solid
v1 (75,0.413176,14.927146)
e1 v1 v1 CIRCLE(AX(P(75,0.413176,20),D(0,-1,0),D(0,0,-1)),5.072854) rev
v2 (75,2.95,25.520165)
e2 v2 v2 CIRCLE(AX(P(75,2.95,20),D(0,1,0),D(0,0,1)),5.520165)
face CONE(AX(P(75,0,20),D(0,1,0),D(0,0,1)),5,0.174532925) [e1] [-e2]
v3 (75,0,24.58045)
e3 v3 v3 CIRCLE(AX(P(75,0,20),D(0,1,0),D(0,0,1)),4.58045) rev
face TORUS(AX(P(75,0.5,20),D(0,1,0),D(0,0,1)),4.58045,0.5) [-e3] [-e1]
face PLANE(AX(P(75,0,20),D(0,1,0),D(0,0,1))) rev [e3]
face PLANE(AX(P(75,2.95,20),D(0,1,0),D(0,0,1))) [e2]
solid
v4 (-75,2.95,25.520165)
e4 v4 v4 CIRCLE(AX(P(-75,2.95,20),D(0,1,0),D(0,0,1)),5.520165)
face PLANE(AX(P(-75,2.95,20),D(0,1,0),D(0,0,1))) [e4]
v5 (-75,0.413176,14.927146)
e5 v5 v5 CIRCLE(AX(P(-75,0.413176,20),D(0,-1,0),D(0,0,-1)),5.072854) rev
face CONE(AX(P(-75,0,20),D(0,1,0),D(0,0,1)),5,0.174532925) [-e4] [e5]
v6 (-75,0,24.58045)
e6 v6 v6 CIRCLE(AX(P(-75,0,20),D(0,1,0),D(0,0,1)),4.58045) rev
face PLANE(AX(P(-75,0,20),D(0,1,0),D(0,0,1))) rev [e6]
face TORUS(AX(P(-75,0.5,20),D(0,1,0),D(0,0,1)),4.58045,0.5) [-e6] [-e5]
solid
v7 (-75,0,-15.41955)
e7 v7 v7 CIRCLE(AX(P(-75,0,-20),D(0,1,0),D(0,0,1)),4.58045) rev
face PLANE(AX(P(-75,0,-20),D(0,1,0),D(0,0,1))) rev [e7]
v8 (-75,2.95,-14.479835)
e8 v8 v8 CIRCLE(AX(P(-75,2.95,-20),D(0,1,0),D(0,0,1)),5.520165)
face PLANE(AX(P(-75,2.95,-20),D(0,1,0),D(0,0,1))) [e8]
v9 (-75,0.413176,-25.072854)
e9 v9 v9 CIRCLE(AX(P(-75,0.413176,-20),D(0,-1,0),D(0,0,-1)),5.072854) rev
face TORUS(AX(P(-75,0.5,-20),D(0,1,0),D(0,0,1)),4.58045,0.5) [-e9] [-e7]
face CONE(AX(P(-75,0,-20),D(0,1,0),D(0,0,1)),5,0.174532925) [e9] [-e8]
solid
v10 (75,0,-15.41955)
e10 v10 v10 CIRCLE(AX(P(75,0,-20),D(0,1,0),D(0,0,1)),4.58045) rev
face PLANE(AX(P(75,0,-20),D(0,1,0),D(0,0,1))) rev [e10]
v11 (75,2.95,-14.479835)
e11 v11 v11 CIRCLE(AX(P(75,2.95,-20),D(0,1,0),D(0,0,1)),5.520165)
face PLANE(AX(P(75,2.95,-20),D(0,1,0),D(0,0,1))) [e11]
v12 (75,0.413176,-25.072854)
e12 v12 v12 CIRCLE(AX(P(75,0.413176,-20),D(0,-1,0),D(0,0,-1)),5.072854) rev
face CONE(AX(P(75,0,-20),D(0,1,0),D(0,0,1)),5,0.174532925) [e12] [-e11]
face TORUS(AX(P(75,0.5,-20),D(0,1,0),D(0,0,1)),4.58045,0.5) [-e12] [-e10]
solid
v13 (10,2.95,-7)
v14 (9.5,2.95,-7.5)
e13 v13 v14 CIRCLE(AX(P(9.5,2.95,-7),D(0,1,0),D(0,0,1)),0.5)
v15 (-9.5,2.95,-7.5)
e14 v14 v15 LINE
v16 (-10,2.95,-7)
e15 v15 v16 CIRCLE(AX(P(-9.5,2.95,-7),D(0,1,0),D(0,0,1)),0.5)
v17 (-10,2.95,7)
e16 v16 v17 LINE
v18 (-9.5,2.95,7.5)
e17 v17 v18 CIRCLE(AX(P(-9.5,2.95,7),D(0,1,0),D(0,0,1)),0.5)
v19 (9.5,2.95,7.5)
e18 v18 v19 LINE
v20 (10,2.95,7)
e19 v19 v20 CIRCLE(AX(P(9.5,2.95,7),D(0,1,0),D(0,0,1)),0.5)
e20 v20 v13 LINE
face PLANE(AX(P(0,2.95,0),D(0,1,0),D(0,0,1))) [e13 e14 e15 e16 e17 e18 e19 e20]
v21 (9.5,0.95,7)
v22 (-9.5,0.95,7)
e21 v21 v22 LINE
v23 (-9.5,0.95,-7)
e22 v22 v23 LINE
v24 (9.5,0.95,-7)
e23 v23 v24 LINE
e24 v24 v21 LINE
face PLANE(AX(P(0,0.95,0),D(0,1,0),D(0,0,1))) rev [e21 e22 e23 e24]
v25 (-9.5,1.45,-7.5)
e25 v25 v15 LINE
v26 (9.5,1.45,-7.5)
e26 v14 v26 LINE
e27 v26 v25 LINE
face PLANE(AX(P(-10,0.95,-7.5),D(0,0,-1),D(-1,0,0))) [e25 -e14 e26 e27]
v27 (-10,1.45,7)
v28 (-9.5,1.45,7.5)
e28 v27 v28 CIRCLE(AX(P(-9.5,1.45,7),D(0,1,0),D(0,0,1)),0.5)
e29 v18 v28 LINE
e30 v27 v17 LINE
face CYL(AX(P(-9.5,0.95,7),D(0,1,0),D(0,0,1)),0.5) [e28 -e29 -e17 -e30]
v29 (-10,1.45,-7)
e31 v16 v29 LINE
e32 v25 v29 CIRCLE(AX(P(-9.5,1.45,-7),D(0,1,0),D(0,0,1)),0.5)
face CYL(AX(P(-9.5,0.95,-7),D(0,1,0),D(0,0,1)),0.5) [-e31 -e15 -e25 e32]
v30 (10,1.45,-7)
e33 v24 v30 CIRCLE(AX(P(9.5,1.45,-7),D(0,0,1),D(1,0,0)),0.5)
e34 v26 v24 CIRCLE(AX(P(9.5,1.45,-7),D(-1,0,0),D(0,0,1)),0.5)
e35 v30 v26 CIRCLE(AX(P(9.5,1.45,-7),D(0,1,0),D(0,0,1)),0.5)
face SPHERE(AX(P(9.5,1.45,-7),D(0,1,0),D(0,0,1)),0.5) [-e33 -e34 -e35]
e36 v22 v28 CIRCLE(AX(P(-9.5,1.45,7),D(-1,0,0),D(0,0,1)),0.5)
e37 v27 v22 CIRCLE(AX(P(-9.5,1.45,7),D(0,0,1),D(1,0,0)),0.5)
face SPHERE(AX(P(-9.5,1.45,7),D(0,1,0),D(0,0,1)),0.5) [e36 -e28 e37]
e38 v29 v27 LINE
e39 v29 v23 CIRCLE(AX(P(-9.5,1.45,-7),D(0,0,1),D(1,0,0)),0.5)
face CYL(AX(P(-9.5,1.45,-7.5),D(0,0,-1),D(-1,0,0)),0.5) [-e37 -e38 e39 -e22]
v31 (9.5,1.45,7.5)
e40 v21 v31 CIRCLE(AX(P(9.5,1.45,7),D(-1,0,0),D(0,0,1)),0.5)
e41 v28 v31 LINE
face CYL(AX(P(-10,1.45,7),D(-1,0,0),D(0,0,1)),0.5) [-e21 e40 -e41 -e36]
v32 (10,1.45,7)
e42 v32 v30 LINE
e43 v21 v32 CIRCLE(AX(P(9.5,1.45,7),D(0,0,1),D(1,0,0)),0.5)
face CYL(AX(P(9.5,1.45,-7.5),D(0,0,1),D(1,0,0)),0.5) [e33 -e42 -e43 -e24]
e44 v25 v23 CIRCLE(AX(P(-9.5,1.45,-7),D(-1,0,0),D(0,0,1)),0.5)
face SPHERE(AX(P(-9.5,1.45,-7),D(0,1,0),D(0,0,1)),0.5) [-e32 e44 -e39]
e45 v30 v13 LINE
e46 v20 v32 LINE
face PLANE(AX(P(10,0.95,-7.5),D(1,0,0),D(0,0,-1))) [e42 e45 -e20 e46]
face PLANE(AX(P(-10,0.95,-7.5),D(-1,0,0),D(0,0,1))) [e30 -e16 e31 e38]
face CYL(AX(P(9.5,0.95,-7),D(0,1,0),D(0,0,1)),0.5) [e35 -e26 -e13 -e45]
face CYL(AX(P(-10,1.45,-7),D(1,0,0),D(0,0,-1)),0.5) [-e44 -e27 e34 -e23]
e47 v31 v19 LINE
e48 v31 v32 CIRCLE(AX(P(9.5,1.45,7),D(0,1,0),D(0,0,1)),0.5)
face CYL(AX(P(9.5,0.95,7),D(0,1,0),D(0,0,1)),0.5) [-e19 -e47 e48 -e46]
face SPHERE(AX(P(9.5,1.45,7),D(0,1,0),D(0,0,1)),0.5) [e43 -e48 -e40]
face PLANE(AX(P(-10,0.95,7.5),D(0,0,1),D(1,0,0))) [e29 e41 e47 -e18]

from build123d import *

# Parameters (mm, degrees)
SKETCH1_R             = 5
BOSS_EXTRUDE1_DEPTH   = 2.95
BOSS_EXTRUDE1_TAPER   = -10
BOSS_EXTRUDE1_2_DEPTH = 2.95
BOSS_EXTRUDE1_2_TAPER = -10
BOSS_EXTRUDE1_3_DEPTH = 2.95
BOSS_EXTRUDE1_3_TAPER = -10
BOSS_EXTRUDE1_4_DEPTH = 2.95
BOSS_EXTRUDE1_4_TAPER = -10
FILLET1_R             = 0.5
FILLET2_R             = 0.5
FILLET3_R             = 0.5
FILLET4_R             = 0.5
SKETCH2_W             = 20
SKETCH2_H             = 15
BOSS_EXTRUDE2_DEPTH   = 2
FILLET5_R             = 0.5
FILLET6_R             = 0.5


with BuildPart() as part:
    # Sketch1 → Boss-Extrude1 (new body)
    with BuildSketch(Plane(origin=(0, 0, 0), x_dir=(1, 0, 0), z_dir=(0, 1, 0))):
        with Locations((-75, 20)):
            Circle(SKETCH1_R)
    extrude(amount=BOSS_EXTRUDE1_DEPTH, taper=BOSS_EXTRUDE1_TAPER)

    # Fillet1
    fillet1_edges = [part.edges().sort_by_distance(p)[0] for p in [
        (-80, 0, -20),
    ]]
    fillet(fillet1_edges, radius=FILLET1_R)


with BuildPart() as body_2:
    # Sketch1 → Boss-Extrude1 2 (new body)
    with BuildSketch(Plane(origin=(0, 0, 0), x_dir=(1, 0, 0), z_dir=(0, 1, 0))):
        with Locations((-75, -20)):
            Circle(SKETCH1_R)
    extrude(amount=BOSS_EXTRUDE1_2_DEPTH, taper=BOSS_EXTRUDE1_2_TAPER)

    # Fillet2
    fillet2_edges = [body_2.edges().sort_by_distance(p)[0] for p in [
        (-80, 0, 20),
    ]]
    fillet(fillet2_edges, radius=FILLET2_R)


with BuildPart() as body_3:
    # Sketch1 → Boss-Extrude1 3 (new body)
    with BuildSketch(Plane(origin=(0, 0, 0), x_dir=(1, 0, 0), z_dir=(0, 1, 0))):
        with Locations((75, 20)):
            Circle(SKETCH1_R)
    extrude(amount=BOSS_EXTRUDE1_3_DEPTH, taper=BOSS_EXTRUDE1_3_TAPER)

    # Fillet3
    fillet3_edges = [body_3.edges().sort_by_distance(p)[0] for p in [
        (70, 0, -20),
    ]]
    fillet(fillet3_edges, radius=FILLET3_R)


with BuildPart() as body_4:
    # Sketch1 → Boss-Extrude1 4 (new body)
    with BuildSketch(Plane(origin=(0, 0, 0), x_dir=(1, 0, 0), z_dir=(0, 1, 0))):
        with Locations((75, -20)):
            Circle(SKETCH1_R)
    extrude(amount=BOSS_EXTRUDE1_4_DEPTH, taper=BOSS_EXTRUDE1_4_TAPER)

    # Fillet4
    fillet4_edges = [body_4.edges().sort_by_distance(p)[0] for p in [
        (70, 0, 20),
    ]]
    fillet(fillet4_edges, radius=FILLET4_R)


with BuildPart() as body_5:
    # Sketch2 → Boss-Extrude2 (new body)
    with BuildSketch(Plane(origin=(0, 2.95, 0), x_dir=(1, 0, 0), z_dir=(0, 1, 0))):
        Rectangle(SKETCH2_W, SKETCH2_H)
    extrude(amount=-BOSS_EXTRUDE2_DEPTH)

    # Fillet5
    fillet5_edges = [body_5.edges().sort_by_distance(p)[0] for p in [
        (10, 1.95, 7.5),
        (-10, 1.95, 7.5),
        (-10, 1.95, -7.5),
        (10, 1.95, -7.5),
    ]]
    fillet(fillet5_edges, radius=FILLET5_R)

    # Fillet6
    fillet6_edges = [body_5.edges().sort_by_distance(p)[0] for p in [
        (0, 0.95, -7.5),
        (-10, 0.95, 0),
        (10, 0.95, 0),
        (0, 0.95, 7.5),
        (9.853553391, 0.95, -7.353553391),
        (9.853553391, 0.95, 7.353553391),
        (-9.853553391, 0.95, 7.353553391),
        (-9.853553391, 0.95, -7.353553391),
    ]]
    fillet(fillet6_edges, radius=FILLET6_R)


solid = Compound([part.part, body_2.part, body_3.part, body_4.part, body_5.part])
